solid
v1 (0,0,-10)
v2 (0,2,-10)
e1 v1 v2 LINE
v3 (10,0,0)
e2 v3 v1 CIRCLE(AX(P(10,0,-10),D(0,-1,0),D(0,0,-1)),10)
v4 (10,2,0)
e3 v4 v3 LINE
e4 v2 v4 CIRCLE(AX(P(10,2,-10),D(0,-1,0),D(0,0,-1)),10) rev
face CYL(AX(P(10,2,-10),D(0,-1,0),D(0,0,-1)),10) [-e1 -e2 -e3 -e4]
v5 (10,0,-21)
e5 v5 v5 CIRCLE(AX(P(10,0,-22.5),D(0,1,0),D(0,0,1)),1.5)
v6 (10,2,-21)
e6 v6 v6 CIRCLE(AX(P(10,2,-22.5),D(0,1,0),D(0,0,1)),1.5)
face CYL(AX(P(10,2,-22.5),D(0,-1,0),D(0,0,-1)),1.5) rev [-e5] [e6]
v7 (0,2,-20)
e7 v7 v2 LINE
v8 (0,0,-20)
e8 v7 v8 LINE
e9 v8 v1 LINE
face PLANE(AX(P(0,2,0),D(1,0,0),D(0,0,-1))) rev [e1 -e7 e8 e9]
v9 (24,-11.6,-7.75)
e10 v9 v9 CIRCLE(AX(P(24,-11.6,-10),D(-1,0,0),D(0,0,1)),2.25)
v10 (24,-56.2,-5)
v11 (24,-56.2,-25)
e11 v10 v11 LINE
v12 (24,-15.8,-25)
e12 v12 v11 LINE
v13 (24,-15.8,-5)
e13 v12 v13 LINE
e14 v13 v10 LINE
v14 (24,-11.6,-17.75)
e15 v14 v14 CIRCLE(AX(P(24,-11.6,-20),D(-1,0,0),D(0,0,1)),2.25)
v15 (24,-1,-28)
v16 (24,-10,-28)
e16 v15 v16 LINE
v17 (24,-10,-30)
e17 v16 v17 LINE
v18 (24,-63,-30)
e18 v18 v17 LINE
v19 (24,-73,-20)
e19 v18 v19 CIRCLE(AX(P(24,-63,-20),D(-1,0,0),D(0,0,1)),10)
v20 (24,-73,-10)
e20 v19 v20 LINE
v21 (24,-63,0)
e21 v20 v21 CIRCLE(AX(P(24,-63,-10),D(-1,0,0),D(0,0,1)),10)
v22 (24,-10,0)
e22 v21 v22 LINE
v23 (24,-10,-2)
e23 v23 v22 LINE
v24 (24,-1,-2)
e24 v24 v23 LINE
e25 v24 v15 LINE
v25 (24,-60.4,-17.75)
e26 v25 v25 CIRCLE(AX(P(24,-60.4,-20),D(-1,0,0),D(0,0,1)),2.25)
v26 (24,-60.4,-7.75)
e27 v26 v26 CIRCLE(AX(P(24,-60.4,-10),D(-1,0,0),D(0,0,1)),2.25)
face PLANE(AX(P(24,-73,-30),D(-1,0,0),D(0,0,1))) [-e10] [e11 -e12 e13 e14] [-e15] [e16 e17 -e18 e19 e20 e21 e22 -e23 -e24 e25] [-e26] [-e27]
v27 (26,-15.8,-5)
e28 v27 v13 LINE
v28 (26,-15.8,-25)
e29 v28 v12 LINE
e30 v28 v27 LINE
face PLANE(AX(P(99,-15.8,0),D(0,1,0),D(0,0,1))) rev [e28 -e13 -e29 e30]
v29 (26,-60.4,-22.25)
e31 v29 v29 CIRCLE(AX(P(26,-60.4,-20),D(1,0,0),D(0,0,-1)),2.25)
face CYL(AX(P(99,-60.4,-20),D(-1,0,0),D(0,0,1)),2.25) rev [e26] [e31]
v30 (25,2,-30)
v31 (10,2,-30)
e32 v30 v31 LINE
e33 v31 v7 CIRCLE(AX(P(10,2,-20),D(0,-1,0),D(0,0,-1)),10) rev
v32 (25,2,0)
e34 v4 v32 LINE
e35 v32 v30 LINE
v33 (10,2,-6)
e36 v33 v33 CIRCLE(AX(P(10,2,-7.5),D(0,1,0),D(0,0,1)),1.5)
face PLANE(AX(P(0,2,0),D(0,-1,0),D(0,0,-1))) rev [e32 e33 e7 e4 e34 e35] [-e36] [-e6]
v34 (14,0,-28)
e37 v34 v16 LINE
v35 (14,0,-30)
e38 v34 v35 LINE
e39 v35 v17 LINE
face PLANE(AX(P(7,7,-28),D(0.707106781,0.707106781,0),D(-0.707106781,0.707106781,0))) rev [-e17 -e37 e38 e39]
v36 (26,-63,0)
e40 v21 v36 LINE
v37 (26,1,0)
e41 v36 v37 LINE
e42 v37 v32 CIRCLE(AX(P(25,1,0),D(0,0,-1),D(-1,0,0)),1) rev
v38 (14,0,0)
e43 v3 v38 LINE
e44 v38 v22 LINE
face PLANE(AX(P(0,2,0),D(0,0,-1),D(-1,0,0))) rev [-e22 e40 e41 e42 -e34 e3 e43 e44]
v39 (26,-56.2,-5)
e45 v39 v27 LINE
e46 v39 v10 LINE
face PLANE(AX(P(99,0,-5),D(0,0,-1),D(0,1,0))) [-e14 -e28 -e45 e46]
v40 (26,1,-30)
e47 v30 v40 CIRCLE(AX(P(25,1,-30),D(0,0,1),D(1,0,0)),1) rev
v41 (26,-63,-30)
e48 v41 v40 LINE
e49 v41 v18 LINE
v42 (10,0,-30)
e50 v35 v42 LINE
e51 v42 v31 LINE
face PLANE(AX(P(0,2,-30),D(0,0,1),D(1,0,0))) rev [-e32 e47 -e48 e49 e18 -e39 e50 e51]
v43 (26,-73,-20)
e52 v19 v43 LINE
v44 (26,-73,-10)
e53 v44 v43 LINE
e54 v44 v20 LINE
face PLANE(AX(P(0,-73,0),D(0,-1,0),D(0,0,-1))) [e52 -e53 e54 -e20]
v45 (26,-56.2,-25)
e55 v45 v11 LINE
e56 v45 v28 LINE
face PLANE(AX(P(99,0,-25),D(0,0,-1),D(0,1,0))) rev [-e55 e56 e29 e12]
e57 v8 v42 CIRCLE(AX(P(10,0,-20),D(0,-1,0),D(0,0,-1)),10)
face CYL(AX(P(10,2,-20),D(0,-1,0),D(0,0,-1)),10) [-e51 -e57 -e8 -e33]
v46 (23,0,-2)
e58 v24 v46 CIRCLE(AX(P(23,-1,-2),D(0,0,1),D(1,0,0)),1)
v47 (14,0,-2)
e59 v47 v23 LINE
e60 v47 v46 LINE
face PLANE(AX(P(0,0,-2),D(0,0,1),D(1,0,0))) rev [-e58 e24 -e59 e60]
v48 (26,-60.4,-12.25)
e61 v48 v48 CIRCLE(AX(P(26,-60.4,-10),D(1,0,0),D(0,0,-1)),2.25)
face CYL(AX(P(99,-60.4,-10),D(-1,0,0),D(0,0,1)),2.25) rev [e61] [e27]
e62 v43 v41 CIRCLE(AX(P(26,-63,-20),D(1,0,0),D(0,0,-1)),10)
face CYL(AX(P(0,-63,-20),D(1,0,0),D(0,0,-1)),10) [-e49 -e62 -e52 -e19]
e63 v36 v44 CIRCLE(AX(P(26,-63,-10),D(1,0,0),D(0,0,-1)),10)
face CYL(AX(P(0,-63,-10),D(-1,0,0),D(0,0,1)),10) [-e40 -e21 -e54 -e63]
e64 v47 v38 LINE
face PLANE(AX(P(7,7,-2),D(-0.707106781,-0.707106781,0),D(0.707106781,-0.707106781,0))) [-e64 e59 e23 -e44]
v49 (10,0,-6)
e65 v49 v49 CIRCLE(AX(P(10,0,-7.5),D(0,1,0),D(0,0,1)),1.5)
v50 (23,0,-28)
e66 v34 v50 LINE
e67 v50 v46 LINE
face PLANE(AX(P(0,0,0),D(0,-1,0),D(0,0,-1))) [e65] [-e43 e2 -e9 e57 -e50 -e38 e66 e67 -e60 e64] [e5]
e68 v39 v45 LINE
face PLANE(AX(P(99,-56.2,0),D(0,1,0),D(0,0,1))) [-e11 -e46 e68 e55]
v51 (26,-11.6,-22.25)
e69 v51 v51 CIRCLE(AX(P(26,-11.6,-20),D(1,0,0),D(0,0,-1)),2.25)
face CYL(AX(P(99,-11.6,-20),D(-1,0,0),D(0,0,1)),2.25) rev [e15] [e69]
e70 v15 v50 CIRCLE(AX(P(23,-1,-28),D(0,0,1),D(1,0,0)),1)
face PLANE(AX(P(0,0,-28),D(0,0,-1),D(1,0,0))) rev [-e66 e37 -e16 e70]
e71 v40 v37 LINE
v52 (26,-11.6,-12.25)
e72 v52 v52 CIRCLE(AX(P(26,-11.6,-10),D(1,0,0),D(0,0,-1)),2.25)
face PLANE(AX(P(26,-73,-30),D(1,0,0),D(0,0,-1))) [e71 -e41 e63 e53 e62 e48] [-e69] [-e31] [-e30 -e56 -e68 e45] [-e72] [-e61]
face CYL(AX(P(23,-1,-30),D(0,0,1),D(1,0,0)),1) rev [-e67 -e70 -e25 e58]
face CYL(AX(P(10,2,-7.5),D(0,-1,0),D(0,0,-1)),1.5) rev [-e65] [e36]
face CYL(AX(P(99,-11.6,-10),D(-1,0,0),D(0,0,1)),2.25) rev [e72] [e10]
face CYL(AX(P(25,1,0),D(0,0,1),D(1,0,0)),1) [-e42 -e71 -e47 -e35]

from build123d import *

# Parameters (mm, degrees)
SKETCH1_W           = 25
SKETCH1_H           = 30
SKETCH1_R           = 1.5
BOSS_EXTRUDE1_DEPTH = 2
BOSS_EXTRUDE2_DEPTH = 75
FILLET1_R           = 1
SKETCH3_R           = 2.25
SKETCH3_W           = 0.5
SKETCH3_H           = 6.8
CUT_EXTRUDE1_DEPTH  = 75
SKETCH5_W           = 1
SKETCH5_H           = 6.8
BOSS_EXTRUDE3_DEPTH = 2
FILLET2_R           = 10
BOSS_EXTRUDE4_DEPTH = 2


with BuildPart() as part:
    # Sketch1 → Boss-Extrude1 (new body)
    with BuildSketch(Plane(origin=(0, 0, 0), x_dir=(1, 0, 0), z_dir=(0, 1, 0))):
        with Locations((12.5, 15)):
            Rectangle(SKETCH1_W, SKETCH1_H)
        with Locations(Location((10, 22.5, 0), (0, 0, 270))):
            Circle(SKETCH1_R, mode=Mode.SUBTRACT)
        with Locations(Location((10, 7.5, 0), (0, 0, 270))):
            Circle(SKETCH1_R, mode=Mode.SUBTRACT)
    extrude(amount=BOSS_EXTRUDE1_DEPTH)

    # Sketch2 → Boss-Extrude2 (add)
    with BuildSketch(Plane(origin=(0, 2, 0), x_dir=(1, 0, 0), z_dir=(0, 1, 0))):
        Polygon((25, 30), (24, 30), (24, 0), (25, 0), (26, 0), (26, 30), align=None)
    extrude(amount=-BOSS_EXTRUDE2_DEPTH)

    # Fillet1
    fillet1_edges = [part.edges().sort_by_distance(p)[0] for p in [
        (26, 2, -15),
        (24, 0, -15),
    ]]
    fillet(fillet1_edges, radius=FILLET1_R)

    # Sketch3 → Cut-Extrude1 (cut)
    with BuildSketch(Plane.ZY.offset(-24)):
        with Locations((-20, -60.4)):
            Circle(SKETCH3_R)
        Polygon((-15, -56.2), (-15, -15.8), (-15.5, -15.8), (-25, -15.8), (-25, -56.2), (-15.5, -56.2), align=None)
        with Locations((-10, -60.4)):
            Circle(SKETCH3_R)
        with Locations((-15.25, -59.6)):
            Rectangle(SKETCH3_W, SKETCH3_H)
        with Locations((-14.75, -59.6)):
            Rectangle(SKETCH3_W, SKETCH3_H)
        Polygon((-14.5, -15.8), (-15, -15.8), (-15, -56.2), (-14.5, -56.2), (-5, -56.2), (-5, -15.8), align=None)
        with Locations((-10, -11.6)):
            Circle(SKETCH3_R)
        with Locations((-20, -11.6)):
            Circle(SKETCH3_R)
        with Locations((-15.25, -12.4)):
            Rectangle(SKETCH3_W, SKETCH3_H)
        with Locations((-14.75, -12.4)):
            Rectangle(SKETCH3_W, SKETCH3_H)
    extrude(amount=-CUT_EXTRUDE1_DEPTH, mode=Mode.SUBTRACT)

    # Sketch5 → Boss-Extrude3 (add)
    with BuildSketch(Plane(origin=(26, 0, 0), x_dir=(0, 0, -1), z_dir=(1, 0, 0))):
        with Locations((15, -12.4)):
            Rectangle(SKETCH5_W, SKETCH5_H)
        with Locations((15, -59.6)):
            Rectangle(SKETCH5_W, SKETCH5_H)
    extrude(amount=-BOSS_EXTRUDE3_DEPTH)

    # Fillet2
    fillet2_edges = [part.edges().sort_by_distance(p)[0] for p in [
        (25, -73, 0),
        (25, -73, -30),
        (0, 1, -30),
        (0, 1, 0),
    ]]
    fillet(fillet2_edges, radius=FILLET2_R)

    # Sketch8 → Boss-Extrude4 (add)
    with BuildSketch(Plane.XY):
        with BuildLine():
            Line((23, 0), (14, 0))
            Line((14, 0), (24, -10))
            Line((24, -10), (24, -1))
            ThreePointArc((24, -1), (23.707106781, -0.292893219), (23, 0))
        make_face()
    boss_extrude4 = extrude(amount=-BOSS_EXTRUDE4_DEPTH)

    # Mirror1: Boss-Extrude4 across plane
    add(boss_extrude4.mirror(Plane.XY.offset(-15)))


solid = part.part
